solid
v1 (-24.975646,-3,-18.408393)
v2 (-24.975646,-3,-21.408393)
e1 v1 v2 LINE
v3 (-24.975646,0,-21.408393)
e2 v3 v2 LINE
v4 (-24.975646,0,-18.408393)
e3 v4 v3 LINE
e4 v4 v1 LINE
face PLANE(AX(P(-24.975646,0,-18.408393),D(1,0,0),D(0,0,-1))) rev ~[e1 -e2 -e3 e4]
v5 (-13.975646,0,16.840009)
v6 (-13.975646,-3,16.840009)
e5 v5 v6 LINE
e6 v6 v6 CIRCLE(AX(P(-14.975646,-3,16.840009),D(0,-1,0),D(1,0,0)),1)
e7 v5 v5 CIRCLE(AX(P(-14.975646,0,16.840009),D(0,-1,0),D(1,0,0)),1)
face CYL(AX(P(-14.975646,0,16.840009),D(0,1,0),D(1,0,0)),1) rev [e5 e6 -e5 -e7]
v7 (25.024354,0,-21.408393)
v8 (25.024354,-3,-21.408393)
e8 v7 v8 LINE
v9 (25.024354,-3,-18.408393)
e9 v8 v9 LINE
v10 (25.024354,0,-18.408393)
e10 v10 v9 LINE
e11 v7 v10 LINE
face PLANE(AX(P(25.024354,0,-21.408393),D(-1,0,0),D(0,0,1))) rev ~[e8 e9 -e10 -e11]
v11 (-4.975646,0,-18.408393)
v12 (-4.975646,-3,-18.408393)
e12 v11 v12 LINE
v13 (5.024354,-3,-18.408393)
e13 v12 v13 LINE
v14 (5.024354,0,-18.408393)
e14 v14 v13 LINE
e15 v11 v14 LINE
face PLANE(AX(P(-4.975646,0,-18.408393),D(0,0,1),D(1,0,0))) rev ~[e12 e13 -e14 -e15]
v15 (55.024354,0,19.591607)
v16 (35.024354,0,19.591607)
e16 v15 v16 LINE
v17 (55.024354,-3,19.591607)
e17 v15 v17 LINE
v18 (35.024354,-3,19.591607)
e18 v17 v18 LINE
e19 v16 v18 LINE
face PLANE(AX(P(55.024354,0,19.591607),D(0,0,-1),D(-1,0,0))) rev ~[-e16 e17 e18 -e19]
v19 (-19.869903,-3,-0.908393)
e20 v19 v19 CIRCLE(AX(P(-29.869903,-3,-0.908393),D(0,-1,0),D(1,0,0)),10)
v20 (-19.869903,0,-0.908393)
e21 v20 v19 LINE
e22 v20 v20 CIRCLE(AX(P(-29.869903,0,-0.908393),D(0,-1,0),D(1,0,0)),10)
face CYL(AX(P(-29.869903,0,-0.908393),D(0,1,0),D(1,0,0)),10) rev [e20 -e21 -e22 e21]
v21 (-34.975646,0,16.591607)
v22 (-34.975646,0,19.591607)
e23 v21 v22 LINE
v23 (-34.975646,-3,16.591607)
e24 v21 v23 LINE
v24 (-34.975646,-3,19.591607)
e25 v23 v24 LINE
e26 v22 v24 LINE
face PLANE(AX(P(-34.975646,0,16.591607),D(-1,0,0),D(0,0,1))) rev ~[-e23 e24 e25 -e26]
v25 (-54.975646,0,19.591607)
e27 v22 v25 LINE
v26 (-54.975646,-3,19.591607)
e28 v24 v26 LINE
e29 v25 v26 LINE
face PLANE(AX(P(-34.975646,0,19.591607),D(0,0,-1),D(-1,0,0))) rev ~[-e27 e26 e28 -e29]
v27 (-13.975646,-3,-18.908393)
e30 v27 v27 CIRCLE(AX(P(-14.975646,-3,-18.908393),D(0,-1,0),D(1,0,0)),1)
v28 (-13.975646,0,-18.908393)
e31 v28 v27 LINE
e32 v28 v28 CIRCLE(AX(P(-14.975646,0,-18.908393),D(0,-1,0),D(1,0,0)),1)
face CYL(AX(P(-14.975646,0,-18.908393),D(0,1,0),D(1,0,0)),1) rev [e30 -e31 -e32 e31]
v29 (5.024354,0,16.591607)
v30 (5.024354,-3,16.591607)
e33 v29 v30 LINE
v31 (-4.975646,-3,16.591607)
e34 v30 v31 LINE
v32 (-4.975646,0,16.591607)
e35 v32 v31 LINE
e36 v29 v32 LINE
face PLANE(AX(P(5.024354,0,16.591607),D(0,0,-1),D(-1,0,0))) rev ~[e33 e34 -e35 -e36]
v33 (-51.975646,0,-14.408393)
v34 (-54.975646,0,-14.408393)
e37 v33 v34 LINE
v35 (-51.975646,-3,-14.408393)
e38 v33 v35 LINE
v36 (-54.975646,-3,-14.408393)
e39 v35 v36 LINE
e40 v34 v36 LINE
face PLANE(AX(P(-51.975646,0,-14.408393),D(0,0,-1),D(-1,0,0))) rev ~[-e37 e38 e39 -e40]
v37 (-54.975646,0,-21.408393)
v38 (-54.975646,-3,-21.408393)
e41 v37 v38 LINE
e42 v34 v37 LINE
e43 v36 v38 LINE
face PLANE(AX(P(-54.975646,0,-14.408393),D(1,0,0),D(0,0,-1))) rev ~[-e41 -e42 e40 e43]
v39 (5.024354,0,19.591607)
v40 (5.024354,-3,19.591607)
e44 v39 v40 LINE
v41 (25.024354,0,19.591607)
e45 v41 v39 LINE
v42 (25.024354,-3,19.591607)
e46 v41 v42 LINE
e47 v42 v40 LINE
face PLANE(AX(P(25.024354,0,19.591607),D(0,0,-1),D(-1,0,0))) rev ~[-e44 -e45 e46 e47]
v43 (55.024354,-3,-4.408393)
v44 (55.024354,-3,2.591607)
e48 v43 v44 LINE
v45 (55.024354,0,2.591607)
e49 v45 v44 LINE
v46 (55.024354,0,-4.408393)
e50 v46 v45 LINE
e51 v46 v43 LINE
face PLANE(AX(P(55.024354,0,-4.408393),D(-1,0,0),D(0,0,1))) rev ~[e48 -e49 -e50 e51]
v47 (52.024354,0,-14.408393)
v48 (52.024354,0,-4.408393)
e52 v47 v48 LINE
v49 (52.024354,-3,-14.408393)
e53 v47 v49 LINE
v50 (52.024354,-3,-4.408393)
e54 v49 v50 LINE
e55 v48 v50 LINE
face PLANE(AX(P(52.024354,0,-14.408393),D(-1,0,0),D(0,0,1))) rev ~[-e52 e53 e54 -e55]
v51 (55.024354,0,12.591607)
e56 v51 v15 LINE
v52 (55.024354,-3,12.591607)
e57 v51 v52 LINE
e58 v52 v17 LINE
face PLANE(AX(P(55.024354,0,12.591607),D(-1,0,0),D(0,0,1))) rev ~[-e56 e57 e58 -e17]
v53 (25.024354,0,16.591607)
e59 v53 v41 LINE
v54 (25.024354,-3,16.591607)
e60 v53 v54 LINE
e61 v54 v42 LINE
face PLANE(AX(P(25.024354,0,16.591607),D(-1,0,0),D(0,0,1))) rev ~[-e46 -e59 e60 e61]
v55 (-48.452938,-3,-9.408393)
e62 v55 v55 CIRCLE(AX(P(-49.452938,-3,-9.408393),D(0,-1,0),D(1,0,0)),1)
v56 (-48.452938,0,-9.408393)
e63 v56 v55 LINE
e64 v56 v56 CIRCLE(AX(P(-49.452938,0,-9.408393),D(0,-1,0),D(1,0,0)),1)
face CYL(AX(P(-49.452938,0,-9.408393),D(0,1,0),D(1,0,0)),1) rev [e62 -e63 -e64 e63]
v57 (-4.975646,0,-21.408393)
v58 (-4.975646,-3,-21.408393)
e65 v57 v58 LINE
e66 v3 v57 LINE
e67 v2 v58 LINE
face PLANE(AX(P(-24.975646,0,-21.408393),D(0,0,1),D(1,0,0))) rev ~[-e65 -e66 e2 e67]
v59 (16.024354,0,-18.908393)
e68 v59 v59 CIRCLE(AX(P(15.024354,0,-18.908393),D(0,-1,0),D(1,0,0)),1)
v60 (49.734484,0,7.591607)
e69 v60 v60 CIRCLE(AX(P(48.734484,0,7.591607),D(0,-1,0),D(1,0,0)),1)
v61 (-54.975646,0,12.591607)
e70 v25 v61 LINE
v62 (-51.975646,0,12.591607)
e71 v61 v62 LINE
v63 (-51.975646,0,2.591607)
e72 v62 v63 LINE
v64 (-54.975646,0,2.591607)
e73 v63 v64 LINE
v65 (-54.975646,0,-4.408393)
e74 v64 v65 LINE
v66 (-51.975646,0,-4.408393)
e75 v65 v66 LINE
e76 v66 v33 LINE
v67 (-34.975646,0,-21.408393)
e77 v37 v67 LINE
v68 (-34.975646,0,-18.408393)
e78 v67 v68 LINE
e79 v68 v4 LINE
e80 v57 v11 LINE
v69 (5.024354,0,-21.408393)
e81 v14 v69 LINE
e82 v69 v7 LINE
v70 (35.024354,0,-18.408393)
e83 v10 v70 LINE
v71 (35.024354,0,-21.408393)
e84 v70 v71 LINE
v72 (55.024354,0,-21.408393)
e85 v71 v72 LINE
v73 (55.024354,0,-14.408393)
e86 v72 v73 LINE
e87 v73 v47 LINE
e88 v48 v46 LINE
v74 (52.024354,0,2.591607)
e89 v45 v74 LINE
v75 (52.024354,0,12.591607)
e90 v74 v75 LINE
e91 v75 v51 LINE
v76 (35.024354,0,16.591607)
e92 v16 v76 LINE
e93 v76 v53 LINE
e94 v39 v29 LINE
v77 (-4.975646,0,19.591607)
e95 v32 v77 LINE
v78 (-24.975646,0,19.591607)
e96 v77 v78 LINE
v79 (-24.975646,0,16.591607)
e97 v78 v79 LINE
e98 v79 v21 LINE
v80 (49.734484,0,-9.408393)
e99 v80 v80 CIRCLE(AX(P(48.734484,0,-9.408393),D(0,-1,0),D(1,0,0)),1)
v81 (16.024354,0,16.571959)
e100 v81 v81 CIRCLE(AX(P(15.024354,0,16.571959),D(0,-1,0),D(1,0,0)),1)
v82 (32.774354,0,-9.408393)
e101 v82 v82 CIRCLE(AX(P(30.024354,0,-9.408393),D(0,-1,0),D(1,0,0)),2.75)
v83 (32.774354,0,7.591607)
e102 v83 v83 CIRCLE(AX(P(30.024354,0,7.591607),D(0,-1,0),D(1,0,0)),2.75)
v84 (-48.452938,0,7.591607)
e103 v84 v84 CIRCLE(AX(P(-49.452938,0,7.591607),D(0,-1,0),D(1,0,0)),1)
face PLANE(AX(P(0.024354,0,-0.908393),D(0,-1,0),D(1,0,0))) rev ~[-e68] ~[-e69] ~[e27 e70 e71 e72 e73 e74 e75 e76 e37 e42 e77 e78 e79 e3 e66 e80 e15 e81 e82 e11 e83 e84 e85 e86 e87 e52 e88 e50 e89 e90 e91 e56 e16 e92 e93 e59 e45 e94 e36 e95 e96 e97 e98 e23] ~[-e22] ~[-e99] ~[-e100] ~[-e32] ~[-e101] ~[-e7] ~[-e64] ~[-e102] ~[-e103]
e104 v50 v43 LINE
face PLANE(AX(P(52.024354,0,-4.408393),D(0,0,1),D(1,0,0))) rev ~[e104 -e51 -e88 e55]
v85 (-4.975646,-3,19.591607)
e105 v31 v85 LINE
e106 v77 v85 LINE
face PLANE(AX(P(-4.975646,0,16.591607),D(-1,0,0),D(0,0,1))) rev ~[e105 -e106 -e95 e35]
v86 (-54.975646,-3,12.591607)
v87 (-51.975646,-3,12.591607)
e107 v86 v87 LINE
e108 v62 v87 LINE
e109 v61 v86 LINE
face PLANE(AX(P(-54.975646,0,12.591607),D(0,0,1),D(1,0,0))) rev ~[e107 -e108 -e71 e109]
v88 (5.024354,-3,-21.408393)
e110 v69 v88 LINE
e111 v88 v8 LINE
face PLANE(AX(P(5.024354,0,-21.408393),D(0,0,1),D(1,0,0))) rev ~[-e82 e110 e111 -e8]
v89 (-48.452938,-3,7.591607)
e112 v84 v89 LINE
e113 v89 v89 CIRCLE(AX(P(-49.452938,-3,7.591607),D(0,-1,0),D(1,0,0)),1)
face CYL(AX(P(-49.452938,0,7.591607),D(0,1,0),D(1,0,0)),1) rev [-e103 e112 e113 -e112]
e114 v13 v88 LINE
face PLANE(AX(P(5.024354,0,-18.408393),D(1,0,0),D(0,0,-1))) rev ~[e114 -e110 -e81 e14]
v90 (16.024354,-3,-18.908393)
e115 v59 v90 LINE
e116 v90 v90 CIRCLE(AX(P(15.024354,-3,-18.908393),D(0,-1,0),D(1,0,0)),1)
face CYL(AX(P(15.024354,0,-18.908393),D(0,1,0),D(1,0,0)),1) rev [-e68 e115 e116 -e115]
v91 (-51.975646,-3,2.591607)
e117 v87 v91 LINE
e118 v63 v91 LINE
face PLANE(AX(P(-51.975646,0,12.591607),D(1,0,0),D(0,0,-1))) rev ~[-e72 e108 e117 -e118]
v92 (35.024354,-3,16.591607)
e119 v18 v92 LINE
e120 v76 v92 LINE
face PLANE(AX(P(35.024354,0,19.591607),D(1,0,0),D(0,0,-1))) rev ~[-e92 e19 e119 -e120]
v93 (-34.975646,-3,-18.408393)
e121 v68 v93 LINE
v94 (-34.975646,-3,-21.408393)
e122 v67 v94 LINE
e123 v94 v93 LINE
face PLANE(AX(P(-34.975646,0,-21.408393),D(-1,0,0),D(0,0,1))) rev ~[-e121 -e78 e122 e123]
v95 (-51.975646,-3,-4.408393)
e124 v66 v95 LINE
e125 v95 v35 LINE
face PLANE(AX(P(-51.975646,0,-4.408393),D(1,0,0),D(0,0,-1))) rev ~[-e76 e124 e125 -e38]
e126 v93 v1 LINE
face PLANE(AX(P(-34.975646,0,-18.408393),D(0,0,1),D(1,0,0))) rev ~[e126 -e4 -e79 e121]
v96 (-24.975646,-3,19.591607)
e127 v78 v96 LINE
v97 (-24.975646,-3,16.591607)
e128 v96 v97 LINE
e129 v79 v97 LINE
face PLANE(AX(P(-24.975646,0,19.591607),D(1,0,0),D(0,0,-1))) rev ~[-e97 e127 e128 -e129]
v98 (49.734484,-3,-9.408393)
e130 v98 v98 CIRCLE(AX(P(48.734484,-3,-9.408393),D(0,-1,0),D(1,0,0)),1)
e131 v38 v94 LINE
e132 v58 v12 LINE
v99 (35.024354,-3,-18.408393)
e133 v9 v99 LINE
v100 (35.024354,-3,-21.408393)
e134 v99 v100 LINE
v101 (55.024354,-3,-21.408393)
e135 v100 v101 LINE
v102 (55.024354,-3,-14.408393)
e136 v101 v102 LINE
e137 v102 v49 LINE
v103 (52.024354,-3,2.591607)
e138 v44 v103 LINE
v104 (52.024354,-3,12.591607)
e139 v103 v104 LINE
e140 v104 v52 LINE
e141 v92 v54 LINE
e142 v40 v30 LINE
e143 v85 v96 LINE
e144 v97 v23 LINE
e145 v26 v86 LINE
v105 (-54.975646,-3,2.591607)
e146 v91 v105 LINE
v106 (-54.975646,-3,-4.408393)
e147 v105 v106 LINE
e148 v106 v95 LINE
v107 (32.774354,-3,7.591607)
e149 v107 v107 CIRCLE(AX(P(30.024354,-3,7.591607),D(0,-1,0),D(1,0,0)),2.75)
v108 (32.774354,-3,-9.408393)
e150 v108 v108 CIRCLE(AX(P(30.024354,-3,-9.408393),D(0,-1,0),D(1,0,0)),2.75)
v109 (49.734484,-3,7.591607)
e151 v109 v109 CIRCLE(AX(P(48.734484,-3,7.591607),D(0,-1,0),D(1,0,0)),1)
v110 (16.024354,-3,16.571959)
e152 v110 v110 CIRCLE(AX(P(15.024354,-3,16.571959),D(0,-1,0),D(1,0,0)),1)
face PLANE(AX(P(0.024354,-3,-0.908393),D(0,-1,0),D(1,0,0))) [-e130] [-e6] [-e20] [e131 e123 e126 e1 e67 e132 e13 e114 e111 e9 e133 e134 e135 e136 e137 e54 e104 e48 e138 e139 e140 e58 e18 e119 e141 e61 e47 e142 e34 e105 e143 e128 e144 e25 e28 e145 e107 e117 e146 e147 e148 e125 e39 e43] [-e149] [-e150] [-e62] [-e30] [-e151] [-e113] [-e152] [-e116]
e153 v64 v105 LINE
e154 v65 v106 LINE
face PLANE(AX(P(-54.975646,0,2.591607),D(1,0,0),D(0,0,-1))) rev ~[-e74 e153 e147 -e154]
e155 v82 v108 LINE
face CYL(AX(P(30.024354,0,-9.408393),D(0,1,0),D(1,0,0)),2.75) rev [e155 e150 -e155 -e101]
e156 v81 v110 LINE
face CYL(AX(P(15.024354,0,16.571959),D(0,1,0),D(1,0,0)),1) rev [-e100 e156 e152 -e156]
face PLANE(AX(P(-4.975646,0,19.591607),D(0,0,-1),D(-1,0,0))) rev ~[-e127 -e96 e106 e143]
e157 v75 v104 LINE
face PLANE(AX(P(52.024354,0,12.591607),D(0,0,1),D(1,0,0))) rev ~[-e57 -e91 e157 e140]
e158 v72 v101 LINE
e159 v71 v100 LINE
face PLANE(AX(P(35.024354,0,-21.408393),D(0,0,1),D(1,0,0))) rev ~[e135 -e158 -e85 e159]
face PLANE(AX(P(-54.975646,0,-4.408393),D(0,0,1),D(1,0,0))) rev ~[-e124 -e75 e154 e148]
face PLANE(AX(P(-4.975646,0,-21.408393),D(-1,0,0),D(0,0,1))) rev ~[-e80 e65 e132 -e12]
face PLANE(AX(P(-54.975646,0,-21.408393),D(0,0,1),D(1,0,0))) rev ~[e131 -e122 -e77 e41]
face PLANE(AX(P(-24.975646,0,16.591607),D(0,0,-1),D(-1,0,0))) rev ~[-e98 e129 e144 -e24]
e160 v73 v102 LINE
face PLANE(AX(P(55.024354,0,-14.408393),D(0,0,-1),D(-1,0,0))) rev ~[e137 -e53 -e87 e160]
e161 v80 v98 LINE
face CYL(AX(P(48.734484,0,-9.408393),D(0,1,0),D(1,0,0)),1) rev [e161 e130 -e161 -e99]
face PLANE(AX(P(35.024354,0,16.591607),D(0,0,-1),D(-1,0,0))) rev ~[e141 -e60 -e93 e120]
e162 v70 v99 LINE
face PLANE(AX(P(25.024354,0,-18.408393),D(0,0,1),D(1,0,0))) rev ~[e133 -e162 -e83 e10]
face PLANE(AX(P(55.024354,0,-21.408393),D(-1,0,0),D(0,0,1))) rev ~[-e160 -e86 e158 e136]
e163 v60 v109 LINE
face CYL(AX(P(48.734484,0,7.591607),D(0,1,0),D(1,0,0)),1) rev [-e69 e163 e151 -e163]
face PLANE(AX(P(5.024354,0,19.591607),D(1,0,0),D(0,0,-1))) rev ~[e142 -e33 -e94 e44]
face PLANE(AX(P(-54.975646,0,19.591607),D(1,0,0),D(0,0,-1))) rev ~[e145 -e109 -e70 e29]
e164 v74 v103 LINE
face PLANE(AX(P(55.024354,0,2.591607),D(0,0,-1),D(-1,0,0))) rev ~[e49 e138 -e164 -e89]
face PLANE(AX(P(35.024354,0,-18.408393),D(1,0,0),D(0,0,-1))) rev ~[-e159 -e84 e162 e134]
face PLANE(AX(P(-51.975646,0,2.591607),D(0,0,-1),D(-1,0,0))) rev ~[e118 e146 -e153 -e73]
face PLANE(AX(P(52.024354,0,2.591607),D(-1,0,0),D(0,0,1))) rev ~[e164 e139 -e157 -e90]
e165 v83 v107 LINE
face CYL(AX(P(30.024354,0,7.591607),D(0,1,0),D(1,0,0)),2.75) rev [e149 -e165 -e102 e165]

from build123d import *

# Parameters (mm, degrees)
F0_R     = 1
F0_R_2   = 10
F0_R_3   = 2.75
F1_DEPTH = 3


with BuildPart() as f1:
    # F0 (on Front) → F1 (new body)
    with BuildSketch(Plane.XZ):
        Polygon((-51.975646, 2.591607), (-54.975646, 2.591607), (-54.975646, -0.908393), (-54.975646, -4.408393), (-51.975646, -4.408393), (-51.975646, -14.408393), (-54.975646, -14.408393), (-54.975646, -21.408393), (-34.975646, -21.408393), (-34.975646, -18.408393), (-24.975646, -18.408393), (-24.975646, -21.408393), (-4.975646, -21.408393), (-4.975646, -18.408393), (0.024354, -18.408393), (5.024354, -18.408393), (5.024354, -21.408393), (25.024354, -21.408393), (25.024354, -18.408393), (35.024354, -18.408393), (35.024354, -21.408393), (55.024354, -21.408393), (55.024354, -14.408393), (52.024354, -14.408393), (52.024354, -4.408393), (55.024354, -4.408393), (55.024354, -0.908393), (55.024354, 2.591607), (52.024354, 2.591607), (52.024354, 12.591607), (55.024354, 12.591607), (55.024354, 19.591607), (35.024354, 19.591607), (35.024354, 16.591607), (25.024354, 16.591607), (25.024354, 19.591607), (5.024354, 19.591607), (5.024354, 16.591607), (0.024354, 16.591607), (-4.975646, 16.591607), (-4.975646, 19.591607), (-24.975646, 19.591607), (-24.975646, 16.591607), (-34.975646, 16.591607), (-34.975646, 19.591607), (-54.975646, 19.591607), (-54.975646, 12.591607), (-51.975646, 12.591607), align=None)
        with Locations((-14.975646, -18.908393)):
            Circle(F0_R, mode=Mode.SUBTRACT)
        with Locations((-49.452938, -9.408393)):
            Circle(F0_R, mode=Mode.SUBTRACT)
        with Locations((-29.869903, -0.908393)):
            Circle(F0_R_2, mode=Mode.SUBTRACT)
        with Locations((15.024354, -18.908393)):
            Circle(F0_R, mode=Mode.SUBTRACT)
        with Locations((30.024354, -9.408393)):
            Circle(F0_R_3, mode=Mode.SUBTRACT)
        with Locations((48.734484, -9.408393)):
            Circle(F0_R, mode=Mode.SUBTRACT)
        with Locations((-49.452938, 7.591607)):
            Circle(F0_R, mode=Mode.SUBTRACT)
        with Locations((-14.975646, 16.840009)):
            Circle(F0_R, mode=Mode.SUBTRACT)
        with Locations((30.024354, 7.591607)):
            Circle(F0_R_3, mode=Mode.SUBTRACT)
        with Locations((48.734484, 7.591607)):
            Circle(F0_R, mode=Mode.SUBTRACT)
        with Locations((15.024354, 16.571959)):
            Circle(F0_R, mode=Mode.SUBTRACT)
    extrude(amount=F1_DEPTH)


solid = f1.part
